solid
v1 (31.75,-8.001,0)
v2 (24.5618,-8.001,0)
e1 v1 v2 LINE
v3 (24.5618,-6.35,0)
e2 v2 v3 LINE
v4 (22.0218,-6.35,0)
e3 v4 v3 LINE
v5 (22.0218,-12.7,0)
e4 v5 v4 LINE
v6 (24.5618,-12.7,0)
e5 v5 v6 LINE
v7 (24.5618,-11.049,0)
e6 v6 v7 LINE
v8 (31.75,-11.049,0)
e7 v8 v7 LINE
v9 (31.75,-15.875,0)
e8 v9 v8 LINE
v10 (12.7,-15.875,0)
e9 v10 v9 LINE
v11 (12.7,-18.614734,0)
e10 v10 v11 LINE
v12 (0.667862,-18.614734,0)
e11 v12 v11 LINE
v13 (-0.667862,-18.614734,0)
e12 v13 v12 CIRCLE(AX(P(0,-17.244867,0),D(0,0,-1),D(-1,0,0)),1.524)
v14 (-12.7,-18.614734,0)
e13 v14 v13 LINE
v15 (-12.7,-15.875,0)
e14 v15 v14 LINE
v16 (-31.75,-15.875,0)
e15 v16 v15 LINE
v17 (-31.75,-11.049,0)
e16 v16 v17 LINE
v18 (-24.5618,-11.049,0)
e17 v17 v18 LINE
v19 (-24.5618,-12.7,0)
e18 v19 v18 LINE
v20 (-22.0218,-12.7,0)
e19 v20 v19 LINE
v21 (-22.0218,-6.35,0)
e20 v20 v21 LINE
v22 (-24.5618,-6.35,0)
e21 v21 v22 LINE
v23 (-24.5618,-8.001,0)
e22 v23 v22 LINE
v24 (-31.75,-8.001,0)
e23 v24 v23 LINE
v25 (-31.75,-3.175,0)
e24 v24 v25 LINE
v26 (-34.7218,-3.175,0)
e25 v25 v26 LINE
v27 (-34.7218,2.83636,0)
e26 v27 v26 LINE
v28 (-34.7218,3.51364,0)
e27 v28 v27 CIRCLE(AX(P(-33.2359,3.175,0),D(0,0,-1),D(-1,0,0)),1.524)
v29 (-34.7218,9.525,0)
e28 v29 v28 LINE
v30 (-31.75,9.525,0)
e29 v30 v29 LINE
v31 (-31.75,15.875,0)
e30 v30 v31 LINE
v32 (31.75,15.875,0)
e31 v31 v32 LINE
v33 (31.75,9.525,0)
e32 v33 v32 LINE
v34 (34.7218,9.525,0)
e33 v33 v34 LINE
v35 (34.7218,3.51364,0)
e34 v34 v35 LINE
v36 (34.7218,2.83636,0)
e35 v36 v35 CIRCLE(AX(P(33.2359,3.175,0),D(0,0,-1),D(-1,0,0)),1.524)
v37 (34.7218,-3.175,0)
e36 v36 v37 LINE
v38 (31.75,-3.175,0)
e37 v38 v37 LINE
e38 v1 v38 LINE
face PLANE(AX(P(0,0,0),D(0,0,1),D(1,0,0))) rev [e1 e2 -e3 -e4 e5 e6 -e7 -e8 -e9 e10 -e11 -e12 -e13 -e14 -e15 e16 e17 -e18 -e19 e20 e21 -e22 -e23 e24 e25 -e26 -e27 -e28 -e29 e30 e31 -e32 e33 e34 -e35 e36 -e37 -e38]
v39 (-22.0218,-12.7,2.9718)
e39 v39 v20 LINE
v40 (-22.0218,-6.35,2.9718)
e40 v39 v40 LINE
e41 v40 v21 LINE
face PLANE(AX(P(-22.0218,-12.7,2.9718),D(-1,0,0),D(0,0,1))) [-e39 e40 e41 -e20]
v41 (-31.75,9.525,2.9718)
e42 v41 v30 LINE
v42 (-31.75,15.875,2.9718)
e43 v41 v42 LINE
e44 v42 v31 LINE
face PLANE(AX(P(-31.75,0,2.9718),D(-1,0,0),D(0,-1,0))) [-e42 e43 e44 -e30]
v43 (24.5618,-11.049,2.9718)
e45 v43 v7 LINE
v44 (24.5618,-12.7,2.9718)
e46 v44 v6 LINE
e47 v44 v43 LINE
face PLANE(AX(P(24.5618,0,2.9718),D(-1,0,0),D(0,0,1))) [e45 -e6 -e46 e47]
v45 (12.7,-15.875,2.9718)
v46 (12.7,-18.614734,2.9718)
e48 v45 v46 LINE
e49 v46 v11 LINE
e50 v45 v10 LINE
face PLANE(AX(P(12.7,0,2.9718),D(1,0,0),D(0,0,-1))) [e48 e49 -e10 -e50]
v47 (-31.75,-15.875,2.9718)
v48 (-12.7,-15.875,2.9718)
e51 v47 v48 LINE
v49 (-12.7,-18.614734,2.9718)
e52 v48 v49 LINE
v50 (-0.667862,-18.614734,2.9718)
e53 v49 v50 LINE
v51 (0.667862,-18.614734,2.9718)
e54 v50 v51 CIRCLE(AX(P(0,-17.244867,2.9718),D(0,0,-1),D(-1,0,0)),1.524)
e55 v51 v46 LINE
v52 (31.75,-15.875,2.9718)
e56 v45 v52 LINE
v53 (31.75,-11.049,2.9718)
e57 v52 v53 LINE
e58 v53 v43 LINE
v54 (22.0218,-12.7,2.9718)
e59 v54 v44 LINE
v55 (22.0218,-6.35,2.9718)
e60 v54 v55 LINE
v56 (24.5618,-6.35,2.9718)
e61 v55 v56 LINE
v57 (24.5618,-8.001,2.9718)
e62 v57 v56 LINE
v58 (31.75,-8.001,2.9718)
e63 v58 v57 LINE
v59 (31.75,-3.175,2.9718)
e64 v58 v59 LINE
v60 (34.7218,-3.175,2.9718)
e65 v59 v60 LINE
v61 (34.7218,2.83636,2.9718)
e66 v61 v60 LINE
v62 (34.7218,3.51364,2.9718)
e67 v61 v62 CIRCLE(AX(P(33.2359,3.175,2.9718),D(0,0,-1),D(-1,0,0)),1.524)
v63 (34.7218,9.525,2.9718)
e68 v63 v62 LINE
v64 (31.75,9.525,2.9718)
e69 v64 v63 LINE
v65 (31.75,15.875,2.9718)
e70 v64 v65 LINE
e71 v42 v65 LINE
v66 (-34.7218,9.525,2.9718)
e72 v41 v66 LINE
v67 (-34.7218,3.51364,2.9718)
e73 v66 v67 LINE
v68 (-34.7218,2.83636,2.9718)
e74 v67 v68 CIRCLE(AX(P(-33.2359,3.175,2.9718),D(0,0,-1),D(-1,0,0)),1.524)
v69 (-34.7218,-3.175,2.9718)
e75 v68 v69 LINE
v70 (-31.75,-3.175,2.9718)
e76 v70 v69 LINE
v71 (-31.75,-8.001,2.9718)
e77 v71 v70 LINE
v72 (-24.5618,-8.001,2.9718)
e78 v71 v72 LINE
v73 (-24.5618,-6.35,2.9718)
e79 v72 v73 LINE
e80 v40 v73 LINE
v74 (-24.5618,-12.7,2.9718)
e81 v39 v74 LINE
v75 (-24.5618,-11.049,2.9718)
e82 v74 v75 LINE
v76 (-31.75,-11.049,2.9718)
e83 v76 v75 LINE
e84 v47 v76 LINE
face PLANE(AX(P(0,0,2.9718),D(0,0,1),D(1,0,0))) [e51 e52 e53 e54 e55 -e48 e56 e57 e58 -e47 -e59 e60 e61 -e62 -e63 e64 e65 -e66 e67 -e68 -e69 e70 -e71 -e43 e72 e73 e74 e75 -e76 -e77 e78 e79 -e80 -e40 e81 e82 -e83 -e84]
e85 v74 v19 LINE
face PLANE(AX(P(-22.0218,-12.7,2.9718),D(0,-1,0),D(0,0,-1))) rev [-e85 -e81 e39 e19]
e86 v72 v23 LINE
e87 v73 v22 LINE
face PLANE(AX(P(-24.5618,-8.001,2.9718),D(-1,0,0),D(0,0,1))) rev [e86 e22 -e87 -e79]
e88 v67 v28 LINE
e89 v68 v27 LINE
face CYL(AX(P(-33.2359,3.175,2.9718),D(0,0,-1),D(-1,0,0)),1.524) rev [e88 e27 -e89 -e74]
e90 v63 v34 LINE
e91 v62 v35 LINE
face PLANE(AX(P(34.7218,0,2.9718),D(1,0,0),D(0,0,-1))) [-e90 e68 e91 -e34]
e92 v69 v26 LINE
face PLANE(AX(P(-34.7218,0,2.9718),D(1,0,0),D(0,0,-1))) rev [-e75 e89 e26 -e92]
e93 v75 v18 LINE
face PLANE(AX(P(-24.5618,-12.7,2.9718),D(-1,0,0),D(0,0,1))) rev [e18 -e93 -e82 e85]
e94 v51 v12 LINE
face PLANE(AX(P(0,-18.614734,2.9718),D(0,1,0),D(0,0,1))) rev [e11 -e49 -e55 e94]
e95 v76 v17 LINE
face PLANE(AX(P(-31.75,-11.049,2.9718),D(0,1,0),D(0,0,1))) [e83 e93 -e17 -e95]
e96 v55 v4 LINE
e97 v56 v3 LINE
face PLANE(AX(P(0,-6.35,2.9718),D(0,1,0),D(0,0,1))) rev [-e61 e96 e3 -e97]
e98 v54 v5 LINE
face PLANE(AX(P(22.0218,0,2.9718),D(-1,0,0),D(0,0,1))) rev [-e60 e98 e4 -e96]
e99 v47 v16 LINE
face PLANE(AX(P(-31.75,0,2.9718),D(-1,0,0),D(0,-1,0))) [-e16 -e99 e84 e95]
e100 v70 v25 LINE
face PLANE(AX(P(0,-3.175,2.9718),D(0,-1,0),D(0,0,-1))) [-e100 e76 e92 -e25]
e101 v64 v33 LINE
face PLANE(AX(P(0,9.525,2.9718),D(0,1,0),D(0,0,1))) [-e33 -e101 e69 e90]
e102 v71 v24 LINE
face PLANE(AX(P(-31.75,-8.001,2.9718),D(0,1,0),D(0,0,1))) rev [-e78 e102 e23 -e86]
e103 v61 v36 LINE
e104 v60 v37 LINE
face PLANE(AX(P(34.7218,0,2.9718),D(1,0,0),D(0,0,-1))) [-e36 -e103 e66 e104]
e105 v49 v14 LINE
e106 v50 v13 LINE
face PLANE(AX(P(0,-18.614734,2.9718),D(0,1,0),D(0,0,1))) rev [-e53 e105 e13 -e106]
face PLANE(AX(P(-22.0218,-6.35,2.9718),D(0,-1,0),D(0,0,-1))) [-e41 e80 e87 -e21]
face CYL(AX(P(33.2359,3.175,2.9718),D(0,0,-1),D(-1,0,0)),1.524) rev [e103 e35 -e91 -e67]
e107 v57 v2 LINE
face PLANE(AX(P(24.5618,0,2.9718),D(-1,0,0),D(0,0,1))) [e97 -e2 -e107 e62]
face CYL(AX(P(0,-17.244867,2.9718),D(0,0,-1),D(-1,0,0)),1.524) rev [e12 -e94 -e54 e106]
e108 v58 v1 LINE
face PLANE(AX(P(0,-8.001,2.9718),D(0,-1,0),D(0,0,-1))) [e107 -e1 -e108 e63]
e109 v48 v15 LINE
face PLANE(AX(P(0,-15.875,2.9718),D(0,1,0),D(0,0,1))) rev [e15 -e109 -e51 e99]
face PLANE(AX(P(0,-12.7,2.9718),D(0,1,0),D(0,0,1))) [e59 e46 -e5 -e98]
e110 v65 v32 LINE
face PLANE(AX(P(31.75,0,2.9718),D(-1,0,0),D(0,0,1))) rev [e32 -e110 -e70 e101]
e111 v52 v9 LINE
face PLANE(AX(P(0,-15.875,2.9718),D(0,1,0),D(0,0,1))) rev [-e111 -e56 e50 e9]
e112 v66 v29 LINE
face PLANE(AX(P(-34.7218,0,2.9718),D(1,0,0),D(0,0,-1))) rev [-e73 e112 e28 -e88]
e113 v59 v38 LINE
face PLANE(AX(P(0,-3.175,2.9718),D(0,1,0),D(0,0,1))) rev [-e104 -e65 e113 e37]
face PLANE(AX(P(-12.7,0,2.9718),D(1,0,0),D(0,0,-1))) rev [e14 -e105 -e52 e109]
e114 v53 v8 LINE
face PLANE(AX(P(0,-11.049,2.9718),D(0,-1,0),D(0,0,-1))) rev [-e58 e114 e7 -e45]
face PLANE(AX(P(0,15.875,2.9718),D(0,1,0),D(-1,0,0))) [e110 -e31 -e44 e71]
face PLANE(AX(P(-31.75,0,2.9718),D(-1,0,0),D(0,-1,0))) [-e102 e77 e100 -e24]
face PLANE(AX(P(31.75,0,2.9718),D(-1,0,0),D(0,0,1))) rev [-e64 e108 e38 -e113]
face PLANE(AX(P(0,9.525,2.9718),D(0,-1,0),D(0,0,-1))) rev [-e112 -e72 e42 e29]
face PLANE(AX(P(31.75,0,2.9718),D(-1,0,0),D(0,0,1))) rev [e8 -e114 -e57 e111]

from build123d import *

# Parameters (mm, degrees)
SKETCH1_W           = 2.9718
SKETCH1_H           = 12.7
SKETCH1_W_2         = 63.5
SKETCH1_H_2         = 31.75
SKETCH1_W_3         = 25.4
SKETCH1_H_3         = 2.739734253
BOSS_EXTRUDE1_DEPTH = 2.9718
CUT_EXTRUDE1_DEPTH  = 3.9718


with BuildPart() as part:
    # Sketch1 → Boss-Extrude1 (new body)
    with BuildSketch(Plane.XY):
        with Locations((-33.2359, 3.175)):
            Rectangle(SKETCH1_W, SKETCH1_H)
        Rectangle(SKETCH1_W_2, SKETCH1_H_2)
        with Locations((33.2359, 3.175)):
            Rectangle(SKETCH1_W, SKETCH1_H)
        with Locations((0, -17.244867127)):
            Rectangle(SKETCH1_W_3, SKETCH1_H_3)
    extrude(amount=BOSS_EXTRUDE1_DEPTH)

    # Sketch2 → Cut-Extrude1 (cut, through all)
    with BuildSketch(Plane(origin=(0, 0, 0), x_dir=(-1, 0, 0), z_dir=(0, 0, -1))):
        with BuildLine():
            ThreePointArc((34.7218, 2.836359793), (34.750345047, 3.00461162), (34.7599, 3.175))
            ThreePointArc((34.7599, 3.175), (34.750345047, 3.34538838), (34.7218, 3.513640207))
            Line((34.7218, 3.513640207), (34.7218, 2.836359793))
        make_face()
        with BuildLine():
            Line((34.7218, 2.836359793), (34.7218, 3.513640207))
            ThreePointArc((34.7218, 3.513640207), (31.7119, 3.175), (34.7218, 2.836359793))
        make_face()
        with BuildLine():
            ThreePointArc((-34.7218, 2.836359793), (-33.06551162, 1.660554953), (-31.7119, 3.175))
            ThreePointArc((-31.7119, 3.175), (-33.06551162, 4.689445047), (-34.7218, 3.513640207))
            Line((-34.7218, 3.513640207), (-34.7218, 2.836359793))
        make_face()
        with BuildLine():
            Line((-34.7218, 2.836359793), (-34.7218, 3.513640207))
            ThreePointArc((-34.7218, 3.513640207), (-34.7599, 3.175), (-34.7218, 2.836359793))
        make_face()
        Polygon((-31.75, -8.001), (-31.75, -11.049), (-24.5618, -11.049), (-24.5618, -12.7), (-22.0218, -12.7), (-22.0218, -6.35), (-24.5618, -6.35), (-24.5618, -8.001), align=None)
        with BuildLine():
            ThreePointArc((0.667862303, -18.614734253), (1.29236182, -18.052565663), (1.524, -17.244867127))
            ThreePointArc((1.524, -17.244867127), (-0.807698536, -15.952505306), (-0.667862303, -18.614734253))
            Line((-0.667862303, -18.614734253), (0.667862303, -18.614734253))
        make_face()
        with BuildLine():
            Line((0.667862303, -18.614734253), (-0.667862303, -18.614734253))
            ThreePointArc((-0.667862303, -18.614734253), (0, -18.768867127), (0.667862303, -18.614734253))
        make_face()
        Polygon((31.75, -11.049), (24.5618, -11.049), (24.5618, -12.7), (22.0218, -12.7), (22.0218, -6.35), (24.5618, -6.35), (24.5618, -8.001), (31.75, -8.001), align=None)
    extrude(amount=-CUT_EXTRUDE1_DEPTH, mode=Mode.SUBTRACT)


solid = part.part
